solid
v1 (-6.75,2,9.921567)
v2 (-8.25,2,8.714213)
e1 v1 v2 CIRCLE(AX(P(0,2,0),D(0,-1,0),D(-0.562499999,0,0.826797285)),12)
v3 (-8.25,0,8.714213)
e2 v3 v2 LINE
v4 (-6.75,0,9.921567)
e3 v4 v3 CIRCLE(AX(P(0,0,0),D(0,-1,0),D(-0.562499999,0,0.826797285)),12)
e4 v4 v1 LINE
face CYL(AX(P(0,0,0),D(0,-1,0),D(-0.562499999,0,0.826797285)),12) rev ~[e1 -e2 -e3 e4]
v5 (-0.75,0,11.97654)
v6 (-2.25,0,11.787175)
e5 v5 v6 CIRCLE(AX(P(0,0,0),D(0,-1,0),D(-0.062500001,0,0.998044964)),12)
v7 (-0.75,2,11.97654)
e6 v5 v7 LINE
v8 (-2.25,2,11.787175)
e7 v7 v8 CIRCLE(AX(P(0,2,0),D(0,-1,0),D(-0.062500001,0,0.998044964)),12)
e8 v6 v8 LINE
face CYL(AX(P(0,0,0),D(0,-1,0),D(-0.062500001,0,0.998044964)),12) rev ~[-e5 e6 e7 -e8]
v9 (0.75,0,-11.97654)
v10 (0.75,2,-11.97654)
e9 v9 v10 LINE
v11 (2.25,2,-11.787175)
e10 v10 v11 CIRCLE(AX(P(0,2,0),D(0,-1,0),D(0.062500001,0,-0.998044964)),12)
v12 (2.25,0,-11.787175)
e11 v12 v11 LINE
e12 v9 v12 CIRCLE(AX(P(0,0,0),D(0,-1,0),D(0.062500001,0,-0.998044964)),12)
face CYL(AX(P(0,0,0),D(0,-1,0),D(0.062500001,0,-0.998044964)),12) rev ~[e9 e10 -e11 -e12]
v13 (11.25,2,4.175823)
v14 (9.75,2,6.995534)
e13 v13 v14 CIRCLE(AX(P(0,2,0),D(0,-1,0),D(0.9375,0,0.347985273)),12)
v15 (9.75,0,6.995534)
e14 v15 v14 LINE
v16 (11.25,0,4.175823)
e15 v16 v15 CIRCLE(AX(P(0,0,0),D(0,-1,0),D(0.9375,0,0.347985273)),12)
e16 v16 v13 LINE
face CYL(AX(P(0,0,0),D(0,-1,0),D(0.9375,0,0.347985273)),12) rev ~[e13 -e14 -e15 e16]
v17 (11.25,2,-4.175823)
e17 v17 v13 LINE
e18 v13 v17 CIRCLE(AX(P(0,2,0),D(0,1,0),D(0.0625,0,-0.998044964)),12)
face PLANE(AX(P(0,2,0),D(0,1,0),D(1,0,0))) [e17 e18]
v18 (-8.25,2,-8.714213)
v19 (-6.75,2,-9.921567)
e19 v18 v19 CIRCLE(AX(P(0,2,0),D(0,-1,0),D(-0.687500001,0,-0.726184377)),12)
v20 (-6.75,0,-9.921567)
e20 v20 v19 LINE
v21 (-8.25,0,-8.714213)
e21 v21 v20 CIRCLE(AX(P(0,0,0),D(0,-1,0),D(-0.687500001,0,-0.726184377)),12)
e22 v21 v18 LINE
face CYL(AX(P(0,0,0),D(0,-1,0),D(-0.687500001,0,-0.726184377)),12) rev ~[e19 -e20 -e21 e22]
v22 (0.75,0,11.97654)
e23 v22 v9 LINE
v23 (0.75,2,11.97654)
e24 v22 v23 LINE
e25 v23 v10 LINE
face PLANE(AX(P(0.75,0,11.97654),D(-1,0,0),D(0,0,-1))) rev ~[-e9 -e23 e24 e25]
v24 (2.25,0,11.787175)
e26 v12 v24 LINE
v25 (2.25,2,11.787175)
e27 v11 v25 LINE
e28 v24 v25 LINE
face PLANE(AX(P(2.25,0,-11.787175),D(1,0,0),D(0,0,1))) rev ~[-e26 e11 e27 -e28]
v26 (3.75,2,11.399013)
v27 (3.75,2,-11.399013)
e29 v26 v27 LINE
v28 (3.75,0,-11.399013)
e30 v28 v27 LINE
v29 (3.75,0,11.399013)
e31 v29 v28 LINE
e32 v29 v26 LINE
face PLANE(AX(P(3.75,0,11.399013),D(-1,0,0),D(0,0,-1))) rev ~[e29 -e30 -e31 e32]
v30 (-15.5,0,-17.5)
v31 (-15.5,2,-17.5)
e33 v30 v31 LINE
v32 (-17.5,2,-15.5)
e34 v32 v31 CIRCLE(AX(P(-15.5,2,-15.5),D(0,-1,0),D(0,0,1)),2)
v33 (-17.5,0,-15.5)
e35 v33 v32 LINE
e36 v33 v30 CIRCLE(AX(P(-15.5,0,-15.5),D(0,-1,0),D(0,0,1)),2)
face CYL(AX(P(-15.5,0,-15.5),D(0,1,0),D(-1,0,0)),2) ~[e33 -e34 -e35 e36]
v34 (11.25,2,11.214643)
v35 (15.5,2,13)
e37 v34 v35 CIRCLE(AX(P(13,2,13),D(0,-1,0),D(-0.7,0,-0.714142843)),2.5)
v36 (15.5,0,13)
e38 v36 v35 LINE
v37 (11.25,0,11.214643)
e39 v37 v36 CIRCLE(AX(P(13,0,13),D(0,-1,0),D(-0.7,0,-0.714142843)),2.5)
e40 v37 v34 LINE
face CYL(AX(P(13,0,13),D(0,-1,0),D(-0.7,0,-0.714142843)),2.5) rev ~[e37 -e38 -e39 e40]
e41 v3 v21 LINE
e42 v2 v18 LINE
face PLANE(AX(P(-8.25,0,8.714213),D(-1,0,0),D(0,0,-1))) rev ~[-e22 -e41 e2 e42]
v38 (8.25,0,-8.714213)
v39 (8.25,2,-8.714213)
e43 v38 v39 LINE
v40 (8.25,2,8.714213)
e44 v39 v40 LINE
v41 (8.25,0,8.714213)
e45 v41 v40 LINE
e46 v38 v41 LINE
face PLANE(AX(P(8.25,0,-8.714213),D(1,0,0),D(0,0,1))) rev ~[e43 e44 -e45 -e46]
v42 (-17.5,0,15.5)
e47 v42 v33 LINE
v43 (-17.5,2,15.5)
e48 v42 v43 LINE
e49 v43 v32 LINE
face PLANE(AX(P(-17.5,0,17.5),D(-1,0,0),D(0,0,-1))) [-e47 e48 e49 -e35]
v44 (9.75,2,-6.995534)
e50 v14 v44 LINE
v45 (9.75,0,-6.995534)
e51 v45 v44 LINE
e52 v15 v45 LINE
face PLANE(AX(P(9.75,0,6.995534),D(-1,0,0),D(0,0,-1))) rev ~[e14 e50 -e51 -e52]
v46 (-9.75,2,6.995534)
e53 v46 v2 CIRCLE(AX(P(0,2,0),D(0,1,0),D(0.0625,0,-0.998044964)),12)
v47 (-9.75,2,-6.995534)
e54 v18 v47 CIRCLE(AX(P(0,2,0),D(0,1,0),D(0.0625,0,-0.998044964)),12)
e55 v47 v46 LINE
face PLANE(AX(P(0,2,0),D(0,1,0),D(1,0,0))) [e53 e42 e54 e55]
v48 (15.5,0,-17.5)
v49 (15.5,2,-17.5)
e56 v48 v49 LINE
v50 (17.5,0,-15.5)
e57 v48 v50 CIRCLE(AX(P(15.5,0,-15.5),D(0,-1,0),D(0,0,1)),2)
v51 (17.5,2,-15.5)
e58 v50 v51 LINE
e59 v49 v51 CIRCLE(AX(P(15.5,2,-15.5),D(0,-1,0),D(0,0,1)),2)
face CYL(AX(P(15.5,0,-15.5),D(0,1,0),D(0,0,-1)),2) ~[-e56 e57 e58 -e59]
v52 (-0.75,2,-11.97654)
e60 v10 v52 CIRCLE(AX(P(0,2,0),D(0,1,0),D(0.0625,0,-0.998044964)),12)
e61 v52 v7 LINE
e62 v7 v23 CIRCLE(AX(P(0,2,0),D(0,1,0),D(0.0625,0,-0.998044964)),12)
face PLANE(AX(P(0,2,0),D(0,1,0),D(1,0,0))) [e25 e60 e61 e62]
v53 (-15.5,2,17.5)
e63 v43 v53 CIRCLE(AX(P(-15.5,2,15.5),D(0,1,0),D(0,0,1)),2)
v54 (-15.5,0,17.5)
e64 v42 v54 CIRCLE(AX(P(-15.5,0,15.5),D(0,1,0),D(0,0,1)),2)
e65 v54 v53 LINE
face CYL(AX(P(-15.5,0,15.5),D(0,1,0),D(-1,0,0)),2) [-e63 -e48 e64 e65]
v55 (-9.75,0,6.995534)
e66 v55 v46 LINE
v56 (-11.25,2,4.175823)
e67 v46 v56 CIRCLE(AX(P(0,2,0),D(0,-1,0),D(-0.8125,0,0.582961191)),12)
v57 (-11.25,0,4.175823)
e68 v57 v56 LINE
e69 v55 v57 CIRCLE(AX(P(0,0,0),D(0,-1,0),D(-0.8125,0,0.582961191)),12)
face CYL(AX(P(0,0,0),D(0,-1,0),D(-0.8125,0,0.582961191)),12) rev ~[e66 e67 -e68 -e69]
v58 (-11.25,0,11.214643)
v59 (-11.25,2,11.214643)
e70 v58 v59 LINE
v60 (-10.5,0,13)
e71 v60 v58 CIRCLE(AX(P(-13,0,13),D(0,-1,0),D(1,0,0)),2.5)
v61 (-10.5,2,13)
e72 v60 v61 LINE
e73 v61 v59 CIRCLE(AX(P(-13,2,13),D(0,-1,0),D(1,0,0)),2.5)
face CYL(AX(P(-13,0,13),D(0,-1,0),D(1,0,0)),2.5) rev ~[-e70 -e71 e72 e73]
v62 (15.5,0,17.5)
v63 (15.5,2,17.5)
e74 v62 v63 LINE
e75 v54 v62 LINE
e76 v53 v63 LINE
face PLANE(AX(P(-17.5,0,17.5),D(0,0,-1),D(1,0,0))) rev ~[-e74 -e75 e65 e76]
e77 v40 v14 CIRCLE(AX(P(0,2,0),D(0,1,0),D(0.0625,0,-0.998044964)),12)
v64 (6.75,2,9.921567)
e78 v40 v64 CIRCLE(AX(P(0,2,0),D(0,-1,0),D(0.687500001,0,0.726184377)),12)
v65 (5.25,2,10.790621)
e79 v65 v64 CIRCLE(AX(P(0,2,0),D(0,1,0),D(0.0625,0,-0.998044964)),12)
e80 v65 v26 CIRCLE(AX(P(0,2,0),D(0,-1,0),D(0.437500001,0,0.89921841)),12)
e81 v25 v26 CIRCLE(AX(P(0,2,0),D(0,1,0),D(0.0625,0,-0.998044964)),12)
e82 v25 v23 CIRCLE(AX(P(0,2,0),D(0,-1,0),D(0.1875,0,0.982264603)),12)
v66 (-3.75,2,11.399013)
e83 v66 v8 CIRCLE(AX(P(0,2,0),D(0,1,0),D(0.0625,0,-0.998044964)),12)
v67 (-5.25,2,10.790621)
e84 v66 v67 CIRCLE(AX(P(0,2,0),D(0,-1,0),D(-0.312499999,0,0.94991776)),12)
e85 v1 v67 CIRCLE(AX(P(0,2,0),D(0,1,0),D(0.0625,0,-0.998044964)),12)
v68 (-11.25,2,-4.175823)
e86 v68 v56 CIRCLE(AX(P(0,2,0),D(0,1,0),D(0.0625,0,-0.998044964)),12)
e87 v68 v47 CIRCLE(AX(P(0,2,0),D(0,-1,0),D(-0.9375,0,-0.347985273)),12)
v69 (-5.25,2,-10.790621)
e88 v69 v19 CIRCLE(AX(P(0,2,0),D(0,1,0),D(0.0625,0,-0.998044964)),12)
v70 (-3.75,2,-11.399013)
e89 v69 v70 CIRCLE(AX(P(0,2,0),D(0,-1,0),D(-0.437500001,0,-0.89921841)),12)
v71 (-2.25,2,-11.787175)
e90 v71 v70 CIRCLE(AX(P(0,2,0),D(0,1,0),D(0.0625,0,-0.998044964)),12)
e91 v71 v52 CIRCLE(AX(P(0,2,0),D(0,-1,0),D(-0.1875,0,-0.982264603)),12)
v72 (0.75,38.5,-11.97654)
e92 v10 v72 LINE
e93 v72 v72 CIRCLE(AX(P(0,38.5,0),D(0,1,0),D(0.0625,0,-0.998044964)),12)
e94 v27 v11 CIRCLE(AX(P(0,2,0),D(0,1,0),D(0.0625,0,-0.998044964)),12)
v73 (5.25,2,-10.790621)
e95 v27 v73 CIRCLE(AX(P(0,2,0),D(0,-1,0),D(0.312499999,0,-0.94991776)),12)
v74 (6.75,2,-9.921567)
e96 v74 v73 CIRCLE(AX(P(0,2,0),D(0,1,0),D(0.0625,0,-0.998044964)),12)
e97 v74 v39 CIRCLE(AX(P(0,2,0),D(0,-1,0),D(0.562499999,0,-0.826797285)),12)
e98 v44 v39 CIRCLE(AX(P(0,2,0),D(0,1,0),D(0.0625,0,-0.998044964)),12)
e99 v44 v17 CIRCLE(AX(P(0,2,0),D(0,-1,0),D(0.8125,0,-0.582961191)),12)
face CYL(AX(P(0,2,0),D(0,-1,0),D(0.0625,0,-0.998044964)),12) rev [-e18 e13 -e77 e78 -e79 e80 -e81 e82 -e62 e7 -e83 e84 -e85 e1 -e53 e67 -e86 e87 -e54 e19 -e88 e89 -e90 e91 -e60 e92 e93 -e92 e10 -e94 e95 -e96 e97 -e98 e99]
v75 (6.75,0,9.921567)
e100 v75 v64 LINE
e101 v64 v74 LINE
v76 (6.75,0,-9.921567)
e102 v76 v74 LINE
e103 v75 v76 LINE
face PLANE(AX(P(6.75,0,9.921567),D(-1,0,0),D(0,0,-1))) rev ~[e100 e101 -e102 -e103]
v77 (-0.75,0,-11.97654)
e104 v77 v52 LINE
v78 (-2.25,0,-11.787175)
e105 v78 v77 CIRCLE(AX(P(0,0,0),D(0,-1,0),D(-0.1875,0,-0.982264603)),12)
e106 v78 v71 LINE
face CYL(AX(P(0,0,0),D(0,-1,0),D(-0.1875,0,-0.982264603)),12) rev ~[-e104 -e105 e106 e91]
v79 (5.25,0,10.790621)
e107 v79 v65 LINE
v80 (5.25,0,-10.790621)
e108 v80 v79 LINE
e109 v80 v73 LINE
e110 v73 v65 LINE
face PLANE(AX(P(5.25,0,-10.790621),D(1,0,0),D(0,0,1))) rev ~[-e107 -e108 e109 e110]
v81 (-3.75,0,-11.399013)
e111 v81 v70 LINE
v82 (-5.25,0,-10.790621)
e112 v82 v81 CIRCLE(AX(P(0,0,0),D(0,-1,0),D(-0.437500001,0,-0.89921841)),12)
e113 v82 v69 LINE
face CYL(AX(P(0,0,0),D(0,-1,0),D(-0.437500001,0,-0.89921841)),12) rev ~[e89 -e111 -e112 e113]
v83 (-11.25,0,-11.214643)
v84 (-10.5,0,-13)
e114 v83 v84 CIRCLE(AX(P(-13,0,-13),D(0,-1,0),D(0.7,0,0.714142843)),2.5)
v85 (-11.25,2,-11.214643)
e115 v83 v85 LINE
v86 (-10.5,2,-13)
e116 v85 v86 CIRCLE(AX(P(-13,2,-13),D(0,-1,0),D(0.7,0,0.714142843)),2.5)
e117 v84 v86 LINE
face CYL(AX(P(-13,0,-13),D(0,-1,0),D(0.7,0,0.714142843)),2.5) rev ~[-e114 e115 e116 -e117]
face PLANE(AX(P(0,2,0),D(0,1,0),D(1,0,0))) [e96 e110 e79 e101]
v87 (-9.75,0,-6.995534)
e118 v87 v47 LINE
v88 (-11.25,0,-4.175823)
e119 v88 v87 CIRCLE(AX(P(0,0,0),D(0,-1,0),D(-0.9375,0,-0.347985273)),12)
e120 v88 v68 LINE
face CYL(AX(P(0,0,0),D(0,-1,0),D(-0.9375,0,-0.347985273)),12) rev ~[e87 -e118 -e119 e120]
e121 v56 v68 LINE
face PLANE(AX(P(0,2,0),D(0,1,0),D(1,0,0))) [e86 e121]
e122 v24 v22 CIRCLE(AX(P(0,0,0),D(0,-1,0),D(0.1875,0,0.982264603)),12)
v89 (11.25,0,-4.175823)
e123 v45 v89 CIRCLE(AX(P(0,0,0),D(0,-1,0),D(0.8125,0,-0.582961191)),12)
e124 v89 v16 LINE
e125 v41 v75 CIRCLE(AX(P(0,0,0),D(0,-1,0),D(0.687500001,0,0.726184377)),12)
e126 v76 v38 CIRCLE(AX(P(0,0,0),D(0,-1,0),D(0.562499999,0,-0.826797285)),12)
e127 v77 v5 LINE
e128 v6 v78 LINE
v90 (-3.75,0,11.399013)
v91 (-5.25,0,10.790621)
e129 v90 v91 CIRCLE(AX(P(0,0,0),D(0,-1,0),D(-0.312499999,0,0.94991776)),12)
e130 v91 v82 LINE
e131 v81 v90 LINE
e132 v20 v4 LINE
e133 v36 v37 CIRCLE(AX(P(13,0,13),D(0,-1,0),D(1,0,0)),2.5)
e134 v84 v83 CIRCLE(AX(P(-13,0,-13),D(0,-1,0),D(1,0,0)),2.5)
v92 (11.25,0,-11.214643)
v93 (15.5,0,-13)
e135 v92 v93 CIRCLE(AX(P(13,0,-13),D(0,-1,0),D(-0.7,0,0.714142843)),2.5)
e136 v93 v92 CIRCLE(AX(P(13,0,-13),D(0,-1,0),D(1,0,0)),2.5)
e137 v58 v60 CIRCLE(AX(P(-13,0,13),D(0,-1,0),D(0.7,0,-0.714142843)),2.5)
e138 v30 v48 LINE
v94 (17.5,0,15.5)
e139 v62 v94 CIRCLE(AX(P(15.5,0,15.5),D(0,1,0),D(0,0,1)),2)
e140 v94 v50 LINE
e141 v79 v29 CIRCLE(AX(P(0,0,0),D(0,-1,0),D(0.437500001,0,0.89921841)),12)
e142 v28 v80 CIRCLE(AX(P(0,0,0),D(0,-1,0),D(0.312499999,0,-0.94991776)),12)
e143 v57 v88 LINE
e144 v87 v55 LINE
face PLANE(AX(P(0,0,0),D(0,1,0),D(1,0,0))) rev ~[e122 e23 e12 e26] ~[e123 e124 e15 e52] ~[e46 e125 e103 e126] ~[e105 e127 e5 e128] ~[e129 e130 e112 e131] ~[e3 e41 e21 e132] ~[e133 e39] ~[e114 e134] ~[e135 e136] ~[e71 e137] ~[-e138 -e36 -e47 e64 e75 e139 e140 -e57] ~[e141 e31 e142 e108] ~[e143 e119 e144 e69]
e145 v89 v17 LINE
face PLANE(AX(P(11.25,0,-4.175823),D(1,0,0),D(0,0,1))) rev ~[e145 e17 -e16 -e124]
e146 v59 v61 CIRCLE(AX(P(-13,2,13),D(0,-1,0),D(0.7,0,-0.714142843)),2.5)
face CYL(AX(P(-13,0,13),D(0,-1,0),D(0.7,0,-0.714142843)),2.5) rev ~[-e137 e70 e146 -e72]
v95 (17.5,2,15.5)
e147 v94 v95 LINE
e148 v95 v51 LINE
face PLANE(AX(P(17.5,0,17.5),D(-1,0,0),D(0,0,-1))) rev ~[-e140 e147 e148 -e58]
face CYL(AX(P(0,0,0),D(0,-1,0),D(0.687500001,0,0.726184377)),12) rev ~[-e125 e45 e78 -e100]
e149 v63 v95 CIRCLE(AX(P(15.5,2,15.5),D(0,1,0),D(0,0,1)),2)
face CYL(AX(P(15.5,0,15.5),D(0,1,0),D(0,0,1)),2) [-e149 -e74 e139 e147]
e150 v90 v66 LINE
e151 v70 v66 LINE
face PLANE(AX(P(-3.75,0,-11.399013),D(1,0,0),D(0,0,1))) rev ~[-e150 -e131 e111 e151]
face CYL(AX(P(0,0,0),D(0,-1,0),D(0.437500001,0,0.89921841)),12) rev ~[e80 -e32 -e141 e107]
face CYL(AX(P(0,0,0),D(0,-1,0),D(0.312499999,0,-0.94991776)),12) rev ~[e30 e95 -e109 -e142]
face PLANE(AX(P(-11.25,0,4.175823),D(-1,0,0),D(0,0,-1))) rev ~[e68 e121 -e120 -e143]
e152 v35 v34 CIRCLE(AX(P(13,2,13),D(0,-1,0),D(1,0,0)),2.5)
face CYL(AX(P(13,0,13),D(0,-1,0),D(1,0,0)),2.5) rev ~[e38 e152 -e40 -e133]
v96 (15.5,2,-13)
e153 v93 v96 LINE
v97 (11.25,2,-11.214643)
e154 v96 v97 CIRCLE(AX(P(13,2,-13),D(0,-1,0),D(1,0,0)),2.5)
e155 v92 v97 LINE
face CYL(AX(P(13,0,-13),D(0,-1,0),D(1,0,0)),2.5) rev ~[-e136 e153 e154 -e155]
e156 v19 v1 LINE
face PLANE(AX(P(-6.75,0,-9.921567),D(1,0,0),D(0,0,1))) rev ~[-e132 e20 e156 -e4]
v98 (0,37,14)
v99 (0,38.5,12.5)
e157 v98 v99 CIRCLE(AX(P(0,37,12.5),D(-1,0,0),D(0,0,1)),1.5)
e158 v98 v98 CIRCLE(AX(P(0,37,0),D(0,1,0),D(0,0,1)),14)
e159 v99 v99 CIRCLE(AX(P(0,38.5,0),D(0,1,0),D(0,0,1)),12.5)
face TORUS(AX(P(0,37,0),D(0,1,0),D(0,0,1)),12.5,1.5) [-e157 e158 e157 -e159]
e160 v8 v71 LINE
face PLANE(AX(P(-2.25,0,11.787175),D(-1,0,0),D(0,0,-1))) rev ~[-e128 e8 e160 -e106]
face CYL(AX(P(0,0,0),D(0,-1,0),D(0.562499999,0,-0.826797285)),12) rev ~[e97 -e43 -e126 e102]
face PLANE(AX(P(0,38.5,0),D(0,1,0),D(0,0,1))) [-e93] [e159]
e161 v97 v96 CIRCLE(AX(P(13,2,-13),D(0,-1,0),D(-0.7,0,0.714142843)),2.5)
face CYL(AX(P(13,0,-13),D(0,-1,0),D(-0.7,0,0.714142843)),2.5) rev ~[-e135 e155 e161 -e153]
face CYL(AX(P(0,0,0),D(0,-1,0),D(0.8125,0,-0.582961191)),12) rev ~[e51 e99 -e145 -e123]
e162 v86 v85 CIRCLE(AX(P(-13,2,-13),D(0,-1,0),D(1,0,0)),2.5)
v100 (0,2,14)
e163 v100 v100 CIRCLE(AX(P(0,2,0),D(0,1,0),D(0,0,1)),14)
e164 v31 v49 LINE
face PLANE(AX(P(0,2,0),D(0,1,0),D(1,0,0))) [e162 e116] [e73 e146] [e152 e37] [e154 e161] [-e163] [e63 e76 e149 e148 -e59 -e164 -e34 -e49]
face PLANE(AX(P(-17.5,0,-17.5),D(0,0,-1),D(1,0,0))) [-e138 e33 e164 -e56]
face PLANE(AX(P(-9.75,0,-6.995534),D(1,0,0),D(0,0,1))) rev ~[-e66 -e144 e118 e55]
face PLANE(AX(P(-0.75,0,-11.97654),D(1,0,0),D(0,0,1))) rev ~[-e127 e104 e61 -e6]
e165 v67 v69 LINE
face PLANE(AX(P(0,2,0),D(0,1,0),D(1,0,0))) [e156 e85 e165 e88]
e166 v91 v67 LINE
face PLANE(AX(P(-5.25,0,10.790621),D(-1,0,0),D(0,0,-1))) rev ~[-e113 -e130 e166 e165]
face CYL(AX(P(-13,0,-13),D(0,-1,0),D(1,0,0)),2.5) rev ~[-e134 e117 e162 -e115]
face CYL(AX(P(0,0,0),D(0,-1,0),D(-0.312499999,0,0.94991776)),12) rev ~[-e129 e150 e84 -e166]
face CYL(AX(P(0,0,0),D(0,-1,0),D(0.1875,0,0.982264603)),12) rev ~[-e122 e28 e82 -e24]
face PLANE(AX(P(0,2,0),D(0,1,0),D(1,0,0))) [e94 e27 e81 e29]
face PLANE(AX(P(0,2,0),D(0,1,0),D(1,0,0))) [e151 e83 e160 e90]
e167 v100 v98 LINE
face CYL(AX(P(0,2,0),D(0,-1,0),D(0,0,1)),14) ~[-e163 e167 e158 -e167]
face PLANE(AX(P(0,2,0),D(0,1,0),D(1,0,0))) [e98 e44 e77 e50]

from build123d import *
from build123d.topology import SkipClean

# Parameters (mm, degrees)
ESBO_O1_W                = 35
ESBO_O1_H                = 35
RESSALTO_EXTRUS_O1_DEPTH = 2
FILETE2_R                = 2
ESBO_O3_R                = 14
ESBO_O3_R_2              = 12
RESSALTO_EXTRUS_O3_DEPTH = 36.5
FILETE3_R                = 1.5


with BuildPart() as part:
    # Esboço1 → Ressalto-extrusão1 (new body)
    with BuildSketch(Plane(origin=(0, 0, 0), x_dir=(1, 0, 0), z_dir=(0, 1, 0))):
        Rectangle(ESBO_O1_W, ESBO_O1_H)
        with BuildLine():
            ThreePointArc((-10.5, -13), (-15.304886114, -13.968245837), (-11.25, -11.214642893))
            ThreePointArc((-11.25, -11.214642893), (-10.695113886, -12.031754163), (-10.5, -13))
        make_face(mode=Mode.SUBTRACT)
        with BuildLine():
            ThreePointArc((15.5, -13), (12.031754163, -15.304886114), (11.25, -11.214642893))
            ThreePointArc((11.25, -11.214642893), (13.968245837, -10.695113886), (15.5, -13))
        make_face(mode=Mode.SUBTRACT)
        with BuildLine():
            ThreePointArc((-9.75, -6.99553429), (-10.59422921, -5.635805838), (-11.25, -4.175823272))
            Line((-11.25, -4.175823272), (-11.25, 4.175823272))
            ThreePointArc((-11.25, 4.175823272), (-10.59422921, 5.635805838), (-9.75, 6.99553429))
            Line((-9.75, 6.99553429), (-9.75, -6.99553429))
        make_face(mode=Mode.SUBTRACT)
        with BuildLine():
            ThreePointArc((-6.75, -9.921567416), (-7.524255874, -9.348025115), (-8.25, -8.714212529))
            Line((-8.25, -8.714212529), (-8.25, 8.714212529))
            ThreePointArc((-8.25, 8.714212529), (-7.524255874, 9.348025115), (-6.75, 9.921567416))
            Line((-6.75, 9.921567416), (-6.75, -9.921567416))
        make_face(mode=Mode.SUBTRACT)
        with BuildLine():
            ThreePointArc((-3.75, -11.399013115), (-4.510269977, -11.120137802), (-5.25, -10.790620927))
            Line((-5.25, -10.790620927), (-5.25, 10.790620927))
            ThreePointArc((-5.25, 10.790620927), (-4.510269977, 11.120137802), (-3.75, 11.399013115))
            Line((-3.75, 11.399013115), (-3.75, -11.399013115))
        make_face(mode=Mode.SUBTRACT)
        with BuildLine():
            Line((-0.75, 11.976539567), (-0.75, -11.976539567))
            ThreePointArc((-0.75, -11.976539567), (-1.502985267, -11.905504411), (-2.25, -11.787175234))
            Line((-2.25, -11.787175234), (-2.25, 11.787175234))
            ThreePointArc((-2.25, 11.787175234), (-1.502985267, 11.905504411), (-0.75, 11.976539567))
        make_face(mode=Mode.SUBTRACT)
        with BuildLine():
            ThreePointArc((-10.5, 13), (-10.695113886, 12.031754163), (-11.25, 11.214642893))
            ThreePointArc((-11.25, 11.214642893), (-15.304886114, 13.968245837), (-10.5, 13))
        make_face(mode=Mode.SUBTRACT)
        with BuildLine():
            ThreePointArc((2.25, -11.787175234), (1.502985267, -11.905504411), (0.75, -11.976539567))
            Line((0.75, -11.976539567), (0.75, 11.976539567))
            ThreePointArc((0.75, 11.976539567), (1.502985267, 11.905504411), (2.25, 11.787175234))
            Line((2.25, 11.787175234), (2.25, -11.787175234))
        make_face(mode=Mode.SUBTRACT)
        with BuildLine():
            ThreePointArc((5.25, -10.790620927), (4.510269977, -11.120137802), (3.75, -11.399013115))
            Line((3.75, -11.399013115), (3.75, 11.399013115))
            ThreePointArc((3.75, 11.399013115), (4.510269977, 11.120137802), (5.25, 10.790620927))
            Line((5.25, 10.790620927), (5.25, -10.790620927))
        make_face(mode=Mode.SUBTRACT)
        with BuildLine():
            ThreePointArc((8.25, -8.714212529), (7.524255874, -9.348025115), (6.75, -9.921567416))
            Line((6.75, -9.921567416), (6.75, 9.921567416))
            ThreePointArc((6.75, 9.921567416), (7.524255874, 9.348025115), (8.25, 8.714212529))
            Line((8.25, 8.714212529), (8.25, -8.714212529))
        make_face(mode=Mode.SUBTRACT)
        with BuildLine():
            ThreePointArc((11.25, -4.175823272), (10.59422921, -5.635805838), (9.75, -6.99553429))
            Line((9.75, -6.99553429), (9.75, 6.99553429))
            ThreePointArc((9.75, 6.99553429), (10.59422921, 5.635805838), (11.25, 4.175823272))
            Line((11.25, 4.175823272), (11.25, -4.175823272))
        make_face(mode=Mode.SUBTRACT)
        with BuildLine():
            ThreePointArc((15.5, 13), (13.968245837, 10.695113886), (11.25, 11.214642893))
            ThreePointArc((11.25, 11.214642893), (12.031754163, 15.304886114), (15.5, 13))
        make_face(mode=Mode.SUBTRACT)
    extrude(amount=RESSALTO_EXTRUS_O1_DEPTH)

    # Filete2
    filete2_edges = [part.edges().sort_by_distance(p)[0] for p in [
        (-17.5, 1, 17.5),
        (-17.5, 1, -17.5),
        (17.5, 1, -17.5),
        (17.5, 1, 17.5),
    ]]
    fillet(filete2_edges, radius=FILETE2_R)

    # Esboço3 → Ressalto-extrusão3 (add)
    with SkipClean():  # the faces are left unmerged after this step: merging them gives an invalid solid
        with BuildSketch(Plane(origin=(0, 2, 0), x_dir=(1, 0, 0), z_dir=(0, 1, 0))):
            with Locations(Location((0, 0, 0), (0, 0, 270))):
                Circle(ESBO_O3_R)
            with Locations(Location((0, 0, 0), (0, 0, 86.416678302))):
                Circle(ESBO_O3_R_2, mode=Mode.SUBTRACT)
        extrude(amount=RESSALTO_EXTRUS_O3_DEPTH)

    # Filete3
    filete3_edges = [part.edges().sort_by_distance(p)[0] for p in [
        (0, 38.5, -14),
    ]]
    fillet(filete3_edges, radius=FILETE3_R)


solid = part.part
